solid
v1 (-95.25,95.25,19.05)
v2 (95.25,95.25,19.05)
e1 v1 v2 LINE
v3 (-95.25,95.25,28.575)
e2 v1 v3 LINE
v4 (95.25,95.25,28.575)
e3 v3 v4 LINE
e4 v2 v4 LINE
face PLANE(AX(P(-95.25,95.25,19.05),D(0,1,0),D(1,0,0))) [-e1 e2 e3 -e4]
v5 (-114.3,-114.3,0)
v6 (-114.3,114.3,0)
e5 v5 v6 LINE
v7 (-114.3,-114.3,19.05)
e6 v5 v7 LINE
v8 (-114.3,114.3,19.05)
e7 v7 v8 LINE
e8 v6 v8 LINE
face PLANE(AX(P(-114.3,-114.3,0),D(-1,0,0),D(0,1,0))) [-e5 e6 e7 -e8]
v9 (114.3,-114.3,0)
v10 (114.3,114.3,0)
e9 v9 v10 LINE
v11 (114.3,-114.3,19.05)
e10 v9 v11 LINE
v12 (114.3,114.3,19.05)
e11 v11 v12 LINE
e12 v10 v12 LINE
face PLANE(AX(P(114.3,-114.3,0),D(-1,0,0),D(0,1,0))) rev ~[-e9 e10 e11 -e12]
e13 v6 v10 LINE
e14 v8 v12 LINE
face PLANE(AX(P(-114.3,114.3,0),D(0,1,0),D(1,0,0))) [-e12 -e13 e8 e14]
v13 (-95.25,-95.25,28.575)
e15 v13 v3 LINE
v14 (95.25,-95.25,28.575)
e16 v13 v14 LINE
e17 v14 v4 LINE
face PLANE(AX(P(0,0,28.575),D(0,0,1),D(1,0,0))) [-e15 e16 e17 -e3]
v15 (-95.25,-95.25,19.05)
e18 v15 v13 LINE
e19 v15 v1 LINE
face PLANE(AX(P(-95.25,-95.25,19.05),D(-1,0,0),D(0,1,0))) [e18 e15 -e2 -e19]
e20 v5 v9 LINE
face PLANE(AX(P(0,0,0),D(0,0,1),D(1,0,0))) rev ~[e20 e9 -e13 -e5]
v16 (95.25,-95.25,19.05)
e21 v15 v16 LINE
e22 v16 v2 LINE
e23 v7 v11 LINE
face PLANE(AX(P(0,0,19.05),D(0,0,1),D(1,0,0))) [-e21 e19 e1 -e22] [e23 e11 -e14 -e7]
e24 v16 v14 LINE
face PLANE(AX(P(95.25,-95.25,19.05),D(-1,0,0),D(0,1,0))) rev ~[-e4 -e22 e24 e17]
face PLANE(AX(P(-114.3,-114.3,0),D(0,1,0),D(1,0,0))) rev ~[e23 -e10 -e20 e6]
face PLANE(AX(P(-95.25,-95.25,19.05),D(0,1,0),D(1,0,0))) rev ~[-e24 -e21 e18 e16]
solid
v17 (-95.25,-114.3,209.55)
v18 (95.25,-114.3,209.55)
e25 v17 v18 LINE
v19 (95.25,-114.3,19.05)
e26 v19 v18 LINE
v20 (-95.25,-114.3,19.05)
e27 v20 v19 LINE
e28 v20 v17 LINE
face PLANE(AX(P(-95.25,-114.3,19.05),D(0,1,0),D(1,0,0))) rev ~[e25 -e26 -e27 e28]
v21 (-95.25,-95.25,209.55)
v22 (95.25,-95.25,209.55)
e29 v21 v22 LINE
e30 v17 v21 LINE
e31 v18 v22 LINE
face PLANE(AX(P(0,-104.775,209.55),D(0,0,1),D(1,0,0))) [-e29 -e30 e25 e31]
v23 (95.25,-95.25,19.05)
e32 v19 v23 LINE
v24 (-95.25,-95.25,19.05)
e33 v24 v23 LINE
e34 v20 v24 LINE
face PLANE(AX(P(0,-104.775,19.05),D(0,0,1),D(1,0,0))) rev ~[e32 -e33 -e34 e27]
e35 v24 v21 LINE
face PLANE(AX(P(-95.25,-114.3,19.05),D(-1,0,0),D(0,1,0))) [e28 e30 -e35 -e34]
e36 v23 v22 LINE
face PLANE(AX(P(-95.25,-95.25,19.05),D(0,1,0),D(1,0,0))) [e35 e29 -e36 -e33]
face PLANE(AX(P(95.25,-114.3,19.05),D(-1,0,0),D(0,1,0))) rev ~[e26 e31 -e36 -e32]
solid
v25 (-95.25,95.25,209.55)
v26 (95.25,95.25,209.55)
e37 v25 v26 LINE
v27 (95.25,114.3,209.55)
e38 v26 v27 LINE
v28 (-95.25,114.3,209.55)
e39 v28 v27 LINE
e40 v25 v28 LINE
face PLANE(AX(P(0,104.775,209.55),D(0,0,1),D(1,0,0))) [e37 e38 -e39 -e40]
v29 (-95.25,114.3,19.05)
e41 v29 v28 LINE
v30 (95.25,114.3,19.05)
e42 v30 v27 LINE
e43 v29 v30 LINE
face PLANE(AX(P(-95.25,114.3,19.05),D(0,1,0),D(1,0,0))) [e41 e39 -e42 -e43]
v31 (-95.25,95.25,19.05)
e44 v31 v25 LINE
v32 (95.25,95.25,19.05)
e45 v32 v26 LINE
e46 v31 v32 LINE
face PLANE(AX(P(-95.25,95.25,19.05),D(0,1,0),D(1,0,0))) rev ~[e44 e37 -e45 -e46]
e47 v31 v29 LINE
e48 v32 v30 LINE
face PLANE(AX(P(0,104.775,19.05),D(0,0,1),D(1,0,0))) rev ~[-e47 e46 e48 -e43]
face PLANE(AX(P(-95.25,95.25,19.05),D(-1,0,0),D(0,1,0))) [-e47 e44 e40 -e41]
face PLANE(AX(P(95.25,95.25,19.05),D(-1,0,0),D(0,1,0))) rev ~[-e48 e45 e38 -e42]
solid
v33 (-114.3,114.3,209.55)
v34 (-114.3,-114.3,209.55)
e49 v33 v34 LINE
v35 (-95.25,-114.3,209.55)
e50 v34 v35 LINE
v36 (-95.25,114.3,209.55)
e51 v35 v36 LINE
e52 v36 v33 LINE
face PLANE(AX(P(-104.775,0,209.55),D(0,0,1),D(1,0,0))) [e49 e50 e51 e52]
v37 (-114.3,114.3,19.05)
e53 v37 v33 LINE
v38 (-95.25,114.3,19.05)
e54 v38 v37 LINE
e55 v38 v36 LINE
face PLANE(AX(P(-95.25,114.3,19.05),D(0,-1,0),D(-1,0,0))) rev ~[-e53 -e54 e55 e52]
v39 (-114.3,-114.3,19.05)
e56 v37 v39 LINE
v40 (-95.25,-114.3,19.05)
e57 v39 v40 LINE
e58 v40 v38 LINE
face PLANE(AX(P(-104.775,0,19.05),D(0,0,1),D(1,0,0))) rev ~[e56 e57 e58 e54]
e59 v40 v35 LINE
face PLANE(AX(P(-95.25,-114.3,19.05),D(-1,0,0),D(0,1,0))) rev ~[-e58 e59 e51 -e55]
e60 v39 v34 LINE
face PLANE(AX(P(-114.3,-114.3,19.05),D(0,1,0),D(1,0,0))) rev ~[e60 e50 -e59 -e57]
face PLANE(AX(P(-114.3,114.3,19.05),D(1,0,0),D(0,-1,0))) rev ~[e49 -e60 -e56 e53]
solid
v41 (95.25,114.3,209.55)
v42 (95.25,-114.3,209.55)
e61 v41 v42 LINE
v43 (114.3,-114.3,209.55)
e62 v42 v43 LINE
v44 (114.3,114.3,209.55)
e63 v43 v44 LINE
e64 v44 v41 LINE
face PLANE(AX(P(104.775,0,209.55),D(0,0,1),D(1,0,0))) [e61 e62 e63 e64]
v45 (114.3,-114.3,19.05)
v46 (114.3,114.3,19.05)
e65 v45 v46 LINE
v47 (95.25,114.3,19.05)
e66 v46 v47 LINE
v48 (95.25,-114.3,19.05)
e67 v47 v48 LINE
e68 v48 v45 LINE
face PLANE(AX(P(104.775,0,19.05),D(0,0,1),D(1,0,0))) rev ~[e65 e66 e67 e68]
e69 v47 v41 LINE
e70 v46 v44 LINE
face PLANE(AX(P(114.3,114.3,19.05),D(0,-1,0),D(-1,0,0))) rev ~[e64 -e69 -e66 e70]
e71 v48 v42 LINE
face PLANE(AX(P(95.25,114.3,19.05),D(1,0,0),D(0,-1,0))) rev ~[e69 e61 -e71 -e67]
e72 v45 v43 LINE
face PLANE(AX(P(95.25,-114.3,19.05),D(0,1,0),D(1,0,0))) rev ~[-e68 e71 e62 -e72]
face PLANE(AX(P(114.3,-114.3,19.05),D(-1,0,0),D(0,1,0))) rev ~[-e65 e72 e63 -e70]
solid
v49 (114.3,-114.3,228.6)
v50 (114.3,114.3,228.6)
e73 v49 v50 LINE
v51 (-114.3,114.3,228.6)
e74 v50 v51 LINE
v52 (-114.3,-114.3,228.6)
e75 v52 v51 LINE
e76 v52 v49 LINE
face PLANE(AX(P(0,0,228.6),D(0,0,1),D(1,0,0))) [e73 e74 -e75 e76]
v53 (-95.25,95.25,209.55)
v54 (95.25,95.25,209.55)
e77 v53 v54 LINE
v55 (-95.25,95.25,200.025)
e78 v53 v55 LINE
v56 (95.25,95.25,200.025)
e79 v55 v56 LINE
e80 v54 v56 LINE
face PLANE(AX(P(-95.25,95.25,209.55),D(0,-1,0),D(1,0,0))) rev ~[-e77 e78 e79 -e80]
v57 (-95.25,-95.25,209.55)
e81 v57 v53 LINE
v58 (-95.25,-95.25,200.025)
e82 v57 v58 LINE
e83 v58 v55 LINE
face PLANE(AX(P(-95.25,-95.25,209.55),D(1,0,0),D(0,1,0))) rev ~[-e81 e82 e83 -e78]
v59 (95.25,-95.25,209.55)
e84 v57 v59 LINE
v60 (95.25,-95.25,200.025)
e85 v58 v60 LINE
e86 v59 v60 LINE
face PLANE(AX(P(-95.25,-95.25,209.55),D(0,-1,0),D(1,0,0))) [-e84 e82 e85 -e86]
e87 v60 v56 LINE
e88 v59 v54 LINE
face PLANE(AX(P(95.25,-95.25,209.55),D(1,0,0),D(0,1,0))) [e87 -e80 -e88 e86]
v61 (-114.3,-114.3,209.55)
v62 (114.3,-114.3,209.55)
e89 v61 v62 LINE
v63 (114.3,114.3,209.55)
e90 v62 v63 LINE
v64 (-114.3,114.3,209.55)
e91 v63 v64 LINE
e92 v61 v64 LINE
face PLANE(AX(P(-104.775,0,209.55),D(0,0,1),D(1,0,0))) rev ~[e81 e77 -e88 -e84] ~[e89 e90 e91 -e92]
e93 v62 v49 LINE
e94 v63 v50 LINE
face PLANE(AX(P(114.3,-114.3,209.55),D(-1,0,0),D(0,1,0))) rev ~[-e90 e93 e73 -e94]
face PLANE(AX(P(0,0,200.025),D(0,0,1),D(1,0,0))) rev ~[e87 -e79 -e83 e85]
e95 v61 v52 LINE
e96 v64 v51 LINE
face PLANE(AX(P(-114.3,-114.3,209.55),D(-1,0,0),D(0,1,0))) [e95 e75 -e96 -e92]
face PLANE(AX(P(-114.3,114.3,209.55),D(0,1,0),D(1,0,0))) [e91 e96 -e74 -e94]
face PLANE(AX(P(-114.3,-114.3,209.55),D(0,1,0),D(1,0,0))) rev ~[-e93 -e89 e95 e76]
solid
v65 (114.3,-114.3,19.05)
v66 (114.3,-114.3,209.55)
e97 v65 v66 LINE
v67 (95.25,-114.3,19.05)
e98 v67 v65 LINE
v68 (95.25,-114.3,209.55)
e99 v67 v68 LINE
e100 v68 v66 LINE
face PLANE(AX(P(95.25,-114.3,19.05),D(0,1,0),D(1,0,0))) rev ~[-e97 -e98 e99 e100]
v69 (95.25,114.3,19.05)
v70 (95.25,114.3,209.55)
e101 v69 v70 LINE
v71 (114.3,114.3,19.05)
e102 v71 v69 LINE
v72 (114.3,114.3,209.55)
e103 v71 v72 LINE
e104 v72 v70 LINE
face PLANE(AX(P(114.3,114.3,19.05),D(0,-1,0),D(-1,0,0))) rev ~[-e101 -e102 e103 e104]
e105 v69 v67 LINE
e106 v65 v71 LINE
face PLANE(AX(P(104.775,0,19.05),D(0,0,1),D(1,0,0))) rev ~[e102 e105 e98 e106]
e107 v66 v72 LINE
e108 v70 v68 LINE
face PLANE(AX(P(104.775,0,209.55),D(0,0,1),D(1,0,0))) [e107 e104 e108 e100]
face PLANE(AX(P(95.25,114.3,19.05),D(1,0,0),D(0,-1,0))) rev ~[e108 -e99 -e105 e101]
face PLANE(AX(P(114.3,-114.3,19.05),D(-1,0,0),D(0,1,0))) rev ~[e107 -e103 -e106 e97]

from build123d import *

# Parameters (mm, degrees)
F0_W      = 228.6
F0_H      = 228.6
F1_DEPTH  = 19.05
F3_DEPTH  = 190.5
F2_W      = 190.5
F2_H      = 19.05
F4_DEPTH  = 190.5
F5_DEPTH  = 190.5
F7_DEPTH  = 190.5
F8_DEPTH  = 190.5
F6_W      = 190.5
F6_H      = 190.5
F9_DEPTH  = 9.525
F9_FACE_W = 190.5
F9_FACE_H = 190.5
F3_FACE_W = 19.05
F3_FACE_H = 228.6
F4_FACE_W = 190.5
F4_FACE_H = 19.05
F8_FACE_W = 190.5
F8_FACE_H = 19.05
F7_FACE_W = 19.05
F7_FACE_H = 228.6
F10_DEPTH = 19.05
F2_H_2    = 190.5
F11_DEPTH = 9.525


with BuildPart() as f1:
    # F0 (on Top) → F1 (new body)
    with BuildSketch(Plane.XY):
        Rectangle(F0_W, F0_H)
    extrude(amount=F1_DEPTH)

    # F2 (on face) → F11 (join)
    with BuildSketch(Plane.XY.offset(19.05)):
        Rectangle(F2_W, F2_H_2)
    extrude(amount=F11_DEPTH)


with BuildPart() as f3:
    # F2 (on face) → F3 (new body)
    with BuildSketch(Plane.XY.offset(19.05)):
        Polygon((-114.3, 114.3), (-114.3, -114.3), (-95.25, -114.3), (-95.25, -95.25), (-95.25, 95.25), (-95.25, 114.3), align=None)
    extrude(amount=F3_DEPTH)


with BuildPart() as f4:
    # F2 (on face) → F4 (new body)
    with BuildSketch(Plane.XY.offset(19.05)):
        with Locations((0, 104.775)):
            Rectangle(F2_W, F2_H)
    extrude(amount=F4_DEPTH)


with BuildPart() as f5:
    # F2 (on face) → F5 (new body)
    with BuildSketch(Plane.XY.offset(19.05)):
        Polygon((95.25, -95.25), (95.25, -114.3), (114.3, -114.3), (114.3, 114.3), (95.25, 114.3), (95.25, 95.25), align=None)
    extrude(amount=F5_DEPTH)


with BuildPart() as f7:
    # F2 (on face) → F7 (new body)
    with BuildSketch(Plane.XY.offset(19.05)):
        Polygon((95.25, -95.25), (95.25, -114.3), (114.3, -114.3), (114.3, 114.3), (95.25, 114.3), (95.25, 95.25), align=None)
    extrude(amount=F7_DEPTH)


with BuildPart() as f8:
    # F2 (on face) → F8 (new body)
    with BuildSketch(Plane.XY.offset(19.05)):
        with Locations((0, -104.775)):
            Rectangle(F2_W, F2_H)
    extrude(amount=F8_DEPTH)


with BuildPart() as f9:
    # F6 (on face) → F9 (new body)
    with BuildSketch(Plane.XY.offset(209.55)):
        Rectangle(F6_W, F6_H)
    extrude(amount=-F9_DEPTH)

    # F9_face (on face) + F3_face (on face) + F4_face (on face) + F8_face (on face) + F7_face (on face) → F10 (join)
    with BuildSketch(Plane.XY.offset(209.55)):
        Rectangle(F9_FACE_W, F9_FACE_H)
    with BuildSketch(Plane(origin=(-104.775, 0, 209.55), x_dir=(1, 0, 0), z_dir=(0, 0, 1))):
        Rectangle(F3_FACE_W, F3_FACE_H)
    with BuildSketch(Plane(origin=(0, 104.775, 209.55), x_dir=(1, 0, 0), z_dir=(0, 0, 1))):
        Rectangle(F4_FACE_W, F4_FACE_H)
    with BuildSketch(Plane(origin=(0, -104.775, 209.55), x_dir=(1, 0, 0), z_dir=(0, 0, 1))):
        Rectangle(F8_FACE_W, F8_FACE_H)
    with BuildSketch(Plane(origin=(104.775, 0, 209.55), x_dir=(1, 0, 0), z_dir=(0, 0, 1))):
        Rectangle(F7_FACE_W, F7_FACE_H)
    extrude(amount=F10_DEPTH)


solid = Compound([f1.part, f3.part, f4.part, f5.part, f7.part, f8.part, f9.part])
